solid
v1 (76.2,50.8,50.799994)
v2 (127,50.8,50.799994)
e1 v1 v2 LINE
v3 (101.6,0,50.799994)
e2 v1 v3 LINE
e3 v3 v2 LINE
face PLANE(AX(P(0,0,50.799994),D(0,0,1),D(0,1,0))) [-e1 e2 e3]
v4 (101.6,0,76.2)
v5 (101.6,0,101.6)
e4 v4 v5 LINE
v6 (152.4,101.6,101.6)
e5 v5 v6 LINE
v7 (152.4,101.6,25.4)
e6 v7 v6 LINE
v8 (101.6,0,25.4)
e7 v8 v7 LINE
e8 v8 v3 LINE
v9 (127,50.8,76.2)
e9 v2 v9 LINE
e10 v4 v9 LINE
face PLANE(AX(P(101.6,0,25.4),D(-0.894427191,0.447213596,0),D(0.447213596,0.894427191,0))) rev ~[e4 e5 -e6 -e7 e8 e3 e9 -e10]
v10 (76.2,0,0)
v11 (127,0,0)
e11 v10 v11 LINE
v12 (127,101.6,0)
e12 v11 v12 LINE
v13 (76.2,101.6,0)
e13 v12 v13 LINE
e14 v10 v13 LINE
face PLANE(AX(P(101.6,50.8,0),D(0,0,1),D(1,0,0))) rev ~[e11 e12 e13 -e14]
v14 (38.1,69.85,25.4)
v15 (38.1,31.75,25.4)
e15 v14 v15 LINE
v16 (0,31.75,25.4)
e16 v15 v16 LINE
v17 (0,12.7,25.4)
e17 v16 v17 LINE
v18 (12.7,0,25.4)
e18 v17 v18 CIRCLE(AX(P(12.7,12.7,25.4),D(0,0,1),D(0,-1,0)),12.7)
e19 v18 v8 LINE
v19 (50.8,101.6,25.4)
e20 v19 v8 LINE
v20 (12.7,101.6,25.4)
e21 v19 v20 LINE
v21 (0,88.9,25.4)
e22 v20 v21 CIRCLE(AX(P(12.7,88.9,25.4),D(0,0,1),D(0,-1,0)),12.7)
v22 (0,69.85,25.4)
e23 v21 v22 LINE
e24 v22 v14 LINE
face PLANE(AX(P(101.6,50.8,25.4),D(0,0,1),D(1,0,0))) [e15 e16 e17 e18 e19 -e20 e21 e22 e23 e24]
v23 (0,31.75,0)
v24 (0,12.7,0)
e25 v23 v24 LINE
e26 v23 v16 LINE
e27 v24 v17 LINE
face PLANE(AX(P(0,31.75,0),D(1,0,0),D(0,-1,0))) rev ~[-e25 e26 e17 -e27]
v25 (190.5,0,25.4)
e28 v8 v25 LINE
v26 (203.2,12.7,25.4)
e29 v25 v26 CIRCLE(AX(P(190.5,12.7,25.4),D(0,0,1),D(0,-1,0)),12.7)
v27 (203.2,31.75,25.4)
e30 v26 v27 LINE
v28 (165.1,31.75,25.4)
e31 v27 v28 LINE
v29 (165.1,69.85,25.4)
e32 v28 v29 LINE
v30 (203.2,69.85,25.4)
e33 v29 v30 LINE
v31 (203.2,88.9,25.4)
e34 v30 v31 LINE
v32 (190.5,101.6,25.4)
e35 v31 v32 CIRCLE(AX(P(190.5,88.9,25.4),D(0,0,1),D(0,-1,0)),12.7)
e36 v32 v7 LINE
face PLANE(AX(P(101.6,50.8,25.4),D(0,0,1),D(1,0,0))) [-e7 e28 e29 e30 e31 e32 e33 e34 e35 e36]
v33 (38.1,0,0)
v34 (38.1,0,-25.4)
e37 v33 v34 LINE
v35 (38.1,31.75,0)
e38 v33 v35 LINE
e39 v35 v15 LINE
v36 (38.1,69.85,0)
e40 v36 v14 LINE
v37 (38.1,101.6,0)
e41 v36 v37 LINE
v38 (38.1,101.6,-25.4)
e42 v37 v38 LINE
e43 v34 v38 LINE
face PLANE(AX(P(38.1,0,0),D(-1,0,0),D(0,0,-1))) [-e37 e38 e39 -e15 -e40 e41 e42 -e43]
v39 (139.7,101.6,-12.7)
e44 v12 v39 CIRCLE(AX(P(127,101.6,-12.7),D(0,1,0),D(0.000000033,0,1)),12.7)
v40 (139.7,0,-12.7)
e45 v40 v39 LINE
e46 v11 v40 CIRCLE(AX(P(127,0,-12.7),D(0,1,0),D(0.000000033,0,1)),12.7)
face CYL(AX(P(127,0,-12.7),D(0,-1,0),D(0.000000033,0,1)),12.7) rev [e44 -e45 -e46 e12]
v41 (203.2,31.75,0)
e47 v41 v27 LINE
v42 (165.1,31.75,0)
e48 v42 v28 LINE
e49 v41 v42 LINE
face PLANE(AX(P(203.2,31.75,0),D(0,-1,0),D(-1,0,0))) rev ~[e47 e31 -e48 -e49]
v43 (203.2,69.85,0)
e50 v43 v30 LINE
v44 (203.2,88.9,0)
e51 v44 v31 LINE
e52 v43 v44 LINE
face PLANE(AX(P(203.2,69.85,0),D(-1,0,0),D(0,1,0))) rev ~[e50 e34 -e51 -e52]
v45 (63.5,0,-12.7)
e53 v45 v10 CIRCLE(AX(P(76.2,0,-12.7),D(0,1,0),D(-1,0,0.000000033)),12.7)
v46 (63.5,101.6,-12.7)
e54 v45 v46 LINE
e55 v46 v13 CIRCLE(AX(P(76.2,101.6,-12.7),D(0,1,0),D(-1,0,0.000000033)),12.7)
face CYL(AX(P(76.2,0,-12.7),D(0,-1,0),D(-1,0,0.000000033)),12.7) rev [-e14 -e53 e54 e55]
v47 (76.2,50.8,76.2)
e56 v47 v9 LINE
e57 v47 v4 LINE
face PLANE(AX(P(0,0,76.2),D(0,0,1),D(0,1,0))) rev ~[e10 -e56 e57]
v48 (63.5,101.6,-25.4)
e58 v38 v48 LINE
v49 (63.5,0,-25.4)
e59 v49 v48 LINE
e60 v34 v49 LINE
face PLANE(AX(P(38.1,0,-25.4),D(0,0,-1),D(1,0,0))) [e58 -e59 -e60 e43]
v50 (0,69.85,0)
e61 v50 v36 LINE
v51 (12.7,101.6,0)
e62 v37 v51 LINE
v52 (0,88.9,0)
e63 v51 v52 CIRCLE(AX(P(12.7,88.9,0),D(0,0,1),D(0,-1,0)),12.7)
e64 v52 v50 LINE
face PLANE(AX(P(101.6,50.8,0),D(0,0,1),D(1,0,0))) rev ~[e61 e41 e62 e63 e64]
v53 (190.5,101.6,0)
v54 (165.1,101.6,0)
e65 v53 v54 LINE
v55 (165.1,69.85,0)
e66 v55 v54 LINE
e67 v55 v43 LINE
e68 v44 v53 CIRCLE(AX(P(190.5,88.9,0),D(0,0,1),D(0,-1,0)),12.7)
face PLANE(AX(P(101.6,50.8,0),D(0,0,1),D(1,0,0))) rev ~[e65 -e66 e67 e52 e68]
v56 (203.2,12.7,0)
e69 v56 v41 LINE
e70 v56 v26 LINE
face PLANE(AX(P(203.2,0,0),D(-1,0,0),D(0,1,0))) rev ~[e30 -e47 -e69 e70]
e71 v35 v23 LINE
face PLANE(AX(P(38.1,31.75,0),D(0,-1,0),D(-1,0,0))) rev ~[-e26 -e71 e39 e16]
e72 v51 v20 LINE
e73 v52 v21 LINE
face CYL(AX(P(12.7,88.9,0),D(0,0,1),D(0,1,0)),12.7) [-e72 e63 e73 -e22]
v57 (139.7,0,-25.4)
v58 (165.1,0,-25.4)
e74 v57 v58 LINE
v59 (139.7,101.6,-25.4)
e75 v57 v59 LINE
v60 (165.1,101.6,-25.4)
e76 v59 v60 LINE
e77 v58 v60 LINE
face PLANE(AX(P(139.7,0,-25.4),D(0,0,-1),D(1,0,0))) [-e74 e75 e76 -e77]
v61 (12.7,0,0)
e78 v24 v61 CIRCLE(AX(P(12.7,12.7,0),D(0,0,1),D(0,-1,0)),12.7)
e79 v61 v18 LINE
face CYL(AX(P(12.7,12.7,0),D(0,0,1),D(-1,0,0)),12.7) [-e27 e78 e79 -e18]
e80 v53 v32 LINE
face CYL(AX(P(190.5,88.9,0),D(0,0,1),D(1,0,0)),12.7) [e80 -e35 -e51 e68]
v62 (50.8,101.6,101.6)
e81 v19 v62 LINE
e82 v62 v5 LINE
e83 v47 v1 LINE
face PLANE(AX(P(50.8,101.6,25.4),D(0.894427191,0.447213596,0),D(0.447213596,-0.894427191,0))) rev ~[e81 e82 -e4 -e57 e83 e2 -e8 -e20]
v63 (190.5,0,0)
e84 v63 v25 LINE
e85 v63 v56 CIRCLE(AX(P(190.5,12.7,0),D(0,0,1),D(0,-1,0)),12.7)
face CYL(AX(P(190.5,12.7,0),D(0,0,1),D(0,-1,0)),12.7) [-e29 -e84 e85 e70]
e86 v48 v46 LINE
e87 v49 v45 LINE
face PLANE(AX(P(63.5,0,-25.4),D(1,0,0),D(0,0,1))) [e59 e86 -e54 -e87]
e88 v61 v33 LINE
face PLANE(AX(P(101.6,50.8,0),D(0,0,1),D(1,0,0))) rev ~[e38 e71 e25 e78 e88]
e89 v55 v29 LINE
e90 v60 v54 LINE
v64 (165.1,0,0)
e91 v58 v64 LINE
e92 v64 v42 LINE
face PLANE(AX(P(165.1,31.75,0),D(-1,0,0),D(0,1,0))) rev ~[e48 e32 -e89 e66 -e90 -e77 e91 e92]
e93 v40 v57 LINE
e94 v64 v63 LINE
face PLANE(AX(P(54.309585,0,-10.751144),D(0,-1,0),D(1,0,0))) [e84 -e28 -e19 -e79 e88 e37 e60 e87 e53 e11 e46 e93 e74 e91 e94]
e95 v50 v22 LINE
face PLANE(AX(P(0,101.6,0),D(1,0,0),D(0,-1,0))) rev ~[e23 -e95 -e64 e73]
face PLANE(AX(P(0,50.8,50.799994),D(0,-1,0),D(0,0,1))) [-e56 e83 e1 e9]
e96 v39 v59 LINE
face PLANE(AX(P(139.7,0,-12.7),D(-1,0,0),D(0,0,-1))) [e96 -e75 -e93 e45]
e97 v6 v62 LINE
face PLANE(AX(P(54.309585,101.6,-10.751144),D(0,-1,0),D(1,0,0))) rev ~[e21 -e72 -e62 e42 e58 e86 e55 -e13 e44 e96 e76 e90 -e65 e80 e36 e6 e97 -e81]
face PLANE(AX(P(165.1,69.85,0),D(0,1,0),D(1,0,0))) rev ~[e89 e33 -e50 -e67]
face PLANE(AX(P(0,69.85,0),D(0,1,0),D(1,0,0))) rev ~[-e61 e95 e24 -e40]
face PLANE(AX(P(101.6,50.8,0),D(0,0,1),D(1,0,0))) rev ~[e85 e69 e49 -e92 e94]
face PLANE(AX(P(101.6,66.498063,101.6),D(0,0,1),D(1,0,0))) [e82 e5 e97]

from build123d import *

# Parameters (mm, degrees)
F1_DEPTH = 25.4
F2_R     = 12.7
F4_DEPTH = 101.6
F6_DEPTH = 76.2
F7_W     = 50.8
F7_H     = 25.400006
F8_DEPTH = 203.201


with BuildPart() as f1:
    # F0 (on Top) → F1 (new body)
    with BuildSketch(Plane.XY):
        Polygon((0, 31.75), (0, 0), (203.2, 0), (203.2, 31.75), (165.1, 31.75), (165.1, 69.85), (203.2, 69.85), (203.2, 101.6), (0, 101.6), (0, 69.85), (38.1, 69.85), (38.1, 31.75), align=None)
    extrude(amount=F1_DEPTH)

    # F2
    f2_edges = [f1.edges().sort_by_distance(p)[0] for p in [
        (203.2, 0, 12.7),
        (203.2, 101.6, 12.7),
        (0, 0, 12.7),
        (0, 101.6, 12.7),
    ]]
    fillet(f2_edges, radius=F2_R)

    # F3 (on Front) → F4 (join)
    with BuildSketch(Plane.XZ):
        with BuildLine():
            Line((76.2, 0), (38.1, 0))
            Line((38.1, 0), (38.1, -25.4))
            Line((38.1, -25.4), (63.5, -25.4))
            Line((63.5, -25.4), (63.5, -12.7))
            ThreePointArc((63.5, -12.7), (67.219744, -3.719744), (76.2, 0))
        make_face()
        with BuildLine():
            Line((139.7, -12.7), (139.7, -25.4))
            Line((139.7, -25.4), (165.1, -25.4))
            Line((165.1, -25.4), (165.1, 0))
            Line((165.1, 0), (127, 0))
            ThreePointArc((127, 0), (135.980256, -3.719744), (139.7, -12.7))
        make_face()
    extrude(amount=-F4_DEPTH)

    # F5 (on face) → F6 (join)
    with BuildSketch(Plane.XY.offset(25.4)):
        Polygon((101.6, 0), (152.4, 101.6), (50.8, 101.6), align=None)
    extrude(amount=F6_DEPTH)

    # F7 (on Right) → F8 (cut, through all)
    with BuildSketch(Plane.YZ):
        with Locations((25.4, 63.499997)):
            Rectangle(F7_W, F7_H)
    extrude(amount=F8_DEPTH, mode=Mode.SUBTRACT)


solid = f1.part
